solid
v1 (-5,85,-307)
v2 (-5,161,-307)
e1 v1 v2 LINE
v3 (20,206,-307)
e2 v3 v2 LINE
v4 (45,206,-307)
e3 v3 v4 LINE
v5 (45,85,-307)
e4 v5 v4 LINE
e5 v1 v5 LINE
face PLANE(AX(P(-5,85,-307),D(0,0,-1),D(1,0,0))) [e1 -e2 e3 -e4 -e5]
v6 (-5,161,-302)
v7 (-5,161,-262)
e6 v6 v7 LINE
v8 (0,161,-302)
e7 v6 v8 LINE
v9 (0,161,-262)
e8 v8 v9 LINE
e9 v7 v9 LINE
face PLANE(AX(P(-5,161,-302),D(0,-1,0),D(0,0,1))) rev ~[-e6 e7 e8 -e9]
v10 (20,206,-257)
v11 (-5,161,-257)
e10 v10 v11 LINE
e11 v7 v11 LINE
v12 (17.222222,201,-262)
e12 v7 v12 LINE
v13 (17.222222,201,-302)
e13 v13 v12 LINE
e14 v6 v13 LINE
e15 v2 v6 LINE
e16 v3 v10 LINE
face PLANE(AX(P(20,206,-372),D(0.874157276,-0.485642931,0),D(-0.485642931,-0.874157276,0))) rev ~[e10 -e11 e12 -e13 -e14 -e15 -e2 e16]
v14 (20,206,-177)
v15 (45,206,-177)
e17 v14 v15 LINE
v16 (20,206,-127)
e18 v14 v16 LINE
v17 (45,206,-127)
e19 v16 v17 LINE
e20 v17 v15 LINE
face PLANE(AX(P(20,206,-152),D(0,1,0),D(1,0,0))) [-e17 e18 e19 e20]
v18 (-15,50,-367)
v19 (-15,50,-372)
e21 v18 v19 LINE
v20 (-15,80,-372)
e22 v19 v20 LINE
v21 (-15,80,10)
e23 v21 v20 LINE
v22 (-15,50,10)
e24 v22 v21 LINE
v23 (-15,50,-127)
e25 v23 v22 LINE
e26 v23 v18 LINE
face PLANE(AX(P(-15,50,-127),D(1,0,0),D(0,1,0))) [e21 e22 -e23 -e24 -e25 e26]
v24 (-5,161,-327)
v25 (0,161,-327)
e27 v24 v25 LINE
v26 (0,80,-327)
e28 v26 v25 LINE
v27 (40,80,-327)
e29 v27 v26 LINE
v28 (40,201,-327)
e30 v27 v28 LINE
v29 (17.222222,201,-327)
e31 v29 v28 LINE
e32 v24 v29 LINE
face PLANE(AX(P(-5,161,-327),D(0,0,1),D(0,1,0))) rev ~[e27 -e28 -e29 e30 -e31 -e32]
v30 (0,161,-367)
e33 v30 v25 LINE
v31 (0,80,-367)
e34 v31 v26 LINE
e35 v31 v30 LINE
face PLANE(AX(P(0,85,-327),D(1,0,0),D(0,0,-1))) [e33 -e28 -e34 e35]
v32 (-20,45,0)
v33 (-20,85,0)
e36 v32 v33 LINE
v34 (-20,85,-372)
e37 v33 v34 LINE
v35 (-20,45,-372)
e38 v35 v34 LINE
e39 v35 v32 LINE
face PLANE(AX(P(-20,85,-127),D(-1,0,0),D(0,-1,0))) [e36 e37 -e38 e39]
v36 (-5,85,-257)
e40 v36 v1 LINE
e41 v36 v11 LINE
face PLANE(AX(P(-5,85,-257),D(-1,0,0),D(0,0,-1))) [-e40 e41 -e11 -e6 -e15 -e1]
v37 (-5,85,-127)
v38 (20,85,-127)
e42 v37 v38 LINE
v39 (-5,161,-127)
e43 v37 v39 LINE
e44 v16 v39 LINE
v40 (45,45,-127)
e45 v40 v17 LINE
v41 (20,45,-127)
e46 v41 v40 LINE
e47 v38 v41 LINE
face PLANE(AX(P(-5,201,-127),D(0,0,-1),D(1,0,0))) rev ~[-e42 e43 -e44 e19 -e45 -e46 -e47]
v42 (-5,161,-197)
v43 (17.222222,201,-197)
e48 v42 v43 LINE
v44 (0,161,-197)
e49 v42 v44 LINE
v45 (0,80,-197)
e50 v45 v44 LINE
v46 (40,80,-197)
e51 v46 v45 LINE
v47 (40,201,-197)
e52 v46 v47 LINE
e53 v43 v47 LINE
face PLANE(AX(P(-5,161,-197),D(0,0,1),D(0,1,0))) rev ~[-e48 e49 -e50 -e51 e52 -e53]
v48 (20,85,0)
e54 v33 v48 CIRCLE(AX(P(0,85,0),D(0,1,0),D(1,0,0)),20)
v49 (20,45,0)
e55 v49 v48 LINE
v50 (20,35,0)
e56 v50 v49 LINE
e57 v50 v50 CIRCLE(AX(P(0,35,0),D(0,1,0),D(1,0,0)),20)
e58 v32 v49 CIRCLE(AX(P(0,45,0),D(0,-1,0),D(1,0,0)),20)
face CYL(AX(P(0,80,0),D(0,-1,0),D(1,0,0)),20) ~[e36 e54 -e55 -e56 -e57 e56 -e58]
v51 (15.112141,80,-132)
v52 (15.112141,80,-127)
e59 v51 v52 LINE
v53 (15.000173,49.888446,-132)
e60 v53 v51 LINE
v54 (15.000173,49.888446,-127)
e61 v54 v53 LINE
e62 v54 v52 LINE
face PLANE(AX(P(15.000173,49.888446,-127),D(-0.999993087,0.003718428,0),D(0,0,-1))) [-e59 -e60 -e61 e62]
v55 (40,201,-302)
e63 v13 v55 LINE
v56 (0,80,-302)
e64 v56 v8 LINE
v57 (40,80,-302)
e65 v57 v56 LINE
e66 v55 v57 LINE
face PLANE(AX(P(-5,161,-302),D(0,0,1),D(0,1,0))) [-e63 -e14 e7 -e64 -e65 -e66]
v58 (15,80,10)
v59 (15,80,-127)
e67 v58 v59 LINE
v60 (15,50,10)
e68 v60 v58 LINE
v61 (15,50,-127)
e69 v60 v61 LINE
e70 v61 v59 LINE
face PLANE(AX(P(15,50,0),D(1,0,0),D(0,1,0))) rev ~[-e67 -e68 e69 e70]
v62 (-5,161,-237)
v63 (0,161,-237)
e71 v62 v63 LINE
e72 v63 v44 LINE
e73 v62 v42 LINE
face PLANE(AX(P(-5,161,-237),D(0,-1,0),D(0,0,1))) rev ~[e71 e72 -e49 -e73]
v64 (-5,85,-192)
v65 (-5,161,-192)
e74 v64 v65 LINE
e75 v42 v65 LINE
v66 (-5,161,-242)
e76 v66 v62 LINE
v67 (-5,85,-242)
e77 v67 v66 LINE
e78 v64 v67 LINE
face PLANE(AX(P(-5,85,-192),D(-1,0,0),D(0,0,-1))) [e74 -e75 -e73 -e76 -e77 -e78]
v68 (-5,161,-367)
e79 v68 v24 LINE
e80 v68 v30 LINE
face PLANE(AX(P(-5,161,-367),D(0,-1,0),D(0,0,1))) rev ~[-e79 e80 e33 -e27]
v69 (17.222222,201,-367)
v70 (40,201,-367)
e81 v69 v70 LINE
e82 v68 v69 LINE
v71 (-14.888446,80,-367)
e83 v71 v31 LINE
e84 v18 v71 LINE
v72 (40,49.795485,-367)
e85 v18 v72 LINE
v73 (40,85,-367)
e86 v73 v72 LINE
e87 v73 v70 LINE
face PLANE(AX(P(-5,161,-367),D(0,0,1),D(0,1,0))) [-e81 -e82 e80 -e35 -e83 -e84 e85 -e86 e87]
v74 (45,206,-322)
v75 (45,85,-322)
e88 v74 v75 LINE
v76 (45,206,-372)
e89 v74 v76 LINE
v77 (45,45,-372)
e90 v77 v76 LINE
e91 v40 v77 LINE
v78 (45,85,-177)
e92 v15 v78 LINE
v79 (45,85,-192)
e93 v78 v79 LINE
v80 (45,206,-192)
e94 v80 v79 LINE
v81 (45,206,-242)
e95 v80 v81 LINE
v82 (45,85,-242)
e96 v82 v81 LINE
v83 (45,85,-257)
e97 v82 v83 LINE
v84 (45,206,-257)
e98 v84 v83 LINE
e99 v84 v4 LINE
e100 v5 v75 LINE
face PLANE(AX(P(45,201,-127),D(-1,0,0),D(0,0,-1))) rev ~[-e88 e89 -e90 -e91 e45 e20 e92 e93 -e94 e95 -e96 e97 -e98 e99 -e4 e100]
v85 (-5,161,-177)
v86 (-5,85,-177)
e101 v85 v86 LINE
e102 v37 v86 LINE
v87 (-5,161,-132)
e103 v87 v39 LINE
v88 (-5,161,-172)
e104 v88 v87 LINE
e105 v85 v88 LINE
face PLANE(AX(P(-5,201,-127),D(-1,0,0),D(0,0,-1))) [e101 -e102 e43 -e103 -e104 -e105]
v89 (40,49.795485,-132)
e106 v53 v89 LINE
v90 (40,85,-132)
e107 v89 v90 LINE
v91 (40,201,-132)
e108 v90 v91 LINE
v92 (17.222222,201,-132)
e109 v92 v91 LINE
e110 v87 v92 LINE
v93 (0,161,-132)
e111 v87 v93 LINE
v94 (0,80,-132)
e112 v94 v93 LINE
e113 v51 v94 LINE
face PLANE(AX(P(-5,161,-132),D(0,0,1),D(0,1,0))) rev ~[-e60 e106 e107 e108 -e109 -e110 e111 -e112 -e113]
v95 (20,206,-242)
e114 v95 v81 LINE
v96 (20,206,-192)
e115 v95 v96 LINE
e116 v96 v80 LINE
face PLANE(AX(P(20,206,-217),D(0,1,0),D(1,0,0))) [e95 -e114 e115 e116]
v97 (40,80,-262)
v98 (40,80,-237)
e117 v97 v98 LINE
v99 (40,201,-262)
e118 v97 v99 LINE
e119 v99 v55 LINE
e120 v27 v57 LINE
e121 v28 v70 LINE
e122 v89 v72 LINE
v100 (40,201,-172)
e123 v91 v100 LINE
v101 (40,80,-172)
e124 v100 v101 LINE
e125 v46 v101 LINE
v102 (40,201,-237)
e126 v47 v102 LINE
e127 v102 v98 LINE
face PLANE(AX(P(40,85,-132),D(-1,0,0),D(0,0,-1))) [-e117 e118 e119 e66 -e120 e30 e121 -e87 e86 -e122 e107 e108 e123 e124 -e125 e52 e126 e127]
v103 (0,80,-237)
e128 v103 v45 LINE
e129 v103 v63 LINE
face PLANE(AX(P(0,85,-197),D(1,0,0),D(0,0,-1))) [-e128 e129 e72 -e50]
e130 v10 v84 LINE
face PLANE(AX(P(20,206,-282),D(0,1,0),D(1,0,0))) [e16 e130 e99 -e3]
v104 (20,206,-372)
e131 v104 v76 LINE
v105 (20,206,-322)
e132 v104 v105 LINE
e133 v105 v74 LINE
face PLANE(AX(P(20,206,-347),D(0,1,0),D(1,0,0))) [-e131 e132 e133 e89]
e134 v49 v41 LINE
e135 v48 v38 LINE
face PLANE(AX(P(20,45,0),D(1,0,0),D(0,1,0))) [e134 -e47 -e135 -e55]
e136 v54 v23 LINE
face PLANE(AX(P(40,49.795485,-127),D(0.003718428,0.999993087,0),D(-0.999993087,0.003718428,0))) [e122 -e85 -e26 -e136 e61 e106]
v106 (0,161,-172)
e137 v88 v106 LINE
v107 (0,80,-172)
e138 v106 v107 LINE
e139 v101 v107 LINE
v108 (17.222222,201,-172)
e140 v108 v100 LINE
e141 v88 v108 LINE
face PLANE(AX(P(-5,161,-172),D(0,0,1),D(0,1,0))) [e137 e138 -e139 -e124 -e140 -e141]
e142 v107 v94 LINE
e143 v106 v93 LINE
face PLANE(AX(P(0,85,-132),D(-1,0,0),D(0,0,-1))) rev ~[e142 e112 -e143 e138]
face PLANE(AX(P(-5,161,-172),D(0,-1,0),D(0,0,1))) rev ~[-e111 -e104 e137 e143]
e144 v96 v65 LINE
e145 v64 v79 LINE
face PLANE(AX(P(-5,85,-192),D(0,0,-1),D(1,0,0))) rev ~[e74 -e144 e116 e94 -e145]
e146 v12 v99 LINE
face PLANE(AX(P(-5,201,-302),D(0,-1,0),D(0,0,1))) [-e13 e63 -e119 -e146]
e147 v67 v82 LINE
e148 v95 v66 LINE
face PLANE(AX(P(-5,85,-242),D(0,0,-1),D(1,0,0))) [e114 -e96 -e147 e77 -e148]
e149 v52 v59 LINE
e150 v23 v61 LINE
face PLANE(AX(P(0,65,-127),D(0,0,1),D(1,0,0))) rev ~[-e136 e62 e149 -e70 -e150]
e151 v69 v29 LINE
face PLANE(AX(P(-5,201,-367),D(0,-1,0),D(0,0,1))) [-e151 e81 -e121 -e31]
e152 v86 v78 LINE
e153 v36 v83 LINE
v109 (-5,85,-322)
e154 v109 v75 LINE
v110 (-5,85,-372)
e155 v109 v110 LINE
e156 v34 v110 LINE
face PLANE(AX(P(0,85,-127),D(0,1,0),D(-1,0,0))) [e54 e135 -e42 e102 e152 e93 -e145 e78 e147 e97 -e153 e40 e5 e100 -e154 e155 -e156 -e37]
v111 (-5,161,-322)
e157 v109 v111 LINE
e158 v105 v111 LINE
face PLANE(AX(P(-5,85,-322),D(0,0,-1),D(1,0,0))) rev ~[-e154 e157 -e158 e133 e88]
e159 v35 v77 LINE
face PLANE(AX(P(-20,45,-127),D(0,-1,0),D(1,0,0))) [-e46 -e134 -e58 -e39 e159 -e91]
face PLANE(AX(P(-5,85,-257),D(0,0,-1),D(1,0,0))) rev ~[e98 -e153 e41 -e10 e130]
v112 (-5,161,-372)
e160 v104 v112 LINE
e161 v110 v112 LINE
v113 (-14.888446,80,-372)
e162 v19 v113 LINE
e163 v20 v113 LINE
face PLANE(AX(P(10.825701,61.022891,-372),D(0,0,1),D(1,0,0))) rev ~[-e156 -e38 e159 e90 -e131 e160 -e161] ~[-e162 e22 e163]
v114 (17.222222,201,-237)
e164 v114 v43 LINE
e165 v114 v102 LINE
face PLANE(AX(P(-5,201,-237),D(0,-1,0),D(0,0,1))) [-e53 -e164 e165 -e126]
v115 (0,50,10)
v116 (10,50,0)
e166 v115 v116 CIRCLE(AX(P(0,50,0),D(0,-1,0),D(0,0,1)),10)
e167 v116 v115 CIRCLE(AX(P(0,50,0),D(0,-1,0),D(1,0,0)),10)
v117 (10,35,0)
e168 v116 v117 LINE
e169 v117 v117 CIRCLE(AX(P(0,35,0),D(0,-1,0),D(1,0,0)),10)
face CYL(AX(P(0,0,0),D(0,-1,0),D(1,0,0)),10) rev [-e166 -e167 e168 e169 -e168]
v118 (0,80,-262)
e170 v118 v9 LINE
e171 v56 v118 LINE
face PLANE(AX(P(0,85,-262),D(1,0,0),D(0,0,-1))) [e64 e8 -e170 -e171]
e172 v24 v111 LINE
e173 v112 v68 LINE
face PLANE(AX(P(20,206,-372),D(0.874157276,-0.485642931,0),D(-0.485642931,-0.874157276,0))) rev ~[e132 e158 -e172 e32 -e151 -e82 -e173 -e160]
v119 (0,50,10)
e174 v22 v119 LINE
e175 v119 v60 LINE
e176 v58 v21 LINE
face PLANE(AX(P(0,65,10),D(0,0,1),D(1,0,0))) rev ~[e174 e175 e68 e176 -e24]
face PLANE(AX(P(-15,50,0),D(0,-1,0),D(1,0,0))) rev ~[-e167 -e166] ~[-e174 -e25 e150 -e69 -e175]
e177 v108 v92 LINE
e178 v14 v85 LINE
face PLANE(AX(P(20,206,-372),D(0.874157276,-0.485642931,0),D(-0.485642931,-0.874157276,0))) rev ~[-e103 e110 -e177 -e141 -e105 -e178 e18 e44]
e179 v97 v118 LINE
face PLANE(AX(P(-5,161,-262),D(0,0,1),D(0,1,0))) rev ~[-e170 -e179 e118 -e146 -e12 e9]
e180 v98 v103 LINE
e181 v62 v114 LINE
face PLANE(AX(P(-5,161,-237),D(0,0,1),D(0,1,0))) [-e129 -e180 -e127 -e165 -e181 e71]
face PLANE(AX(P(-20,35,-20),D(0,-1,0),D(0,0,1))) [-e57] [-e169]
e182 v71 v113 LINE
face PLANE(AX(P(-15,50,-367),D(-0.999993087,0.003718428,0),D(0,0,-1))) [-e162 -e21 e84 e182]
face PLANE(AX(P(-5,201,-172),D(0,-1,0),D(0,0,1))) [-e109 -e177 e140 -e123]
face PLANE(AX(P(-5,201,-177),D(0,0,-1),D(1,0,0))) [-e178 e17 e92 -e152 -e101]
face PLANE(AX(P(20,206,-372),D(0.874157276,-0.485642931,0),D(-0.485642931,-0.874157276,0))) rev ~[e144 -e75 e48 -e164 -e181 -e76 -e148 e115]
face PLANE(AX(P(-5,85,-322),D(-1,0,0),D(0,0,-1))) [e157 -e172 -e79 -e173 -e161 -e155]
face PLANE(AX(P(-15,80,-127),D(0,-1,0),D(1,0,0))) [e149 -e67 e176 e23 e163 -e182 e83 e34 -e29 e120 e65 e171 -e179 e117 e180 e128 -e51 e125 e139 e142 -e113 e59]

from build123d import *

# Parameters (mm, degrees)
SKETCH2_R               = 20
SKETCH2_R_2             = 10
BOSS_EXTRUDE1_DEPTH     = 80
SKETCH3_R               = 20
BOSS_EXTRUDE2_DEPTH     = 5
SKETCH4_W               = 30
SKETCH4_H               = 30
CUT_EXTRUDE1_DEPTH      = 50
SKETCH4_4_W             = 40
SKETCH4_4_H             = 40
SKETCH4_4_W_2           = 30
SKETCH4_4_H_2           = 30
BOSS_EXTRUDE3_DEPTH     = 127
SKETCH4_5_W             = 30
SKETCH4_5_H             = 30
CUT_EXTRUDE2_DEPTH      = 10
SKETCH5_R               = 10
CUT_EXTRUDE3_DEPTH      = 50
BOSS_EXTRUDE4_DEPTH     = 245
SKETCH7_W               = 25
SKETCH7_H               = 5
SKETCH7_W_2             = 55.000380238
BOSS_EXTRUDE5_DEPTH     = 35
SKETCH11_W              = 65
SKETCH11_H              = 5
BOSS_EXTRUDE9_DEPTH     = 245
SKETCH9_W               = 40
SKETCH9_H               = 40
CUT_EXTRUDE4_DEPTH      = 10
SKETCH9_4_W             = 50
SKETCH9_4_H             = 50
SKETCH9_4_W_2           = 40
SKETCH9_4_H_2           = 40
BOSS_EXTRUDE10_DEPTH    = 116
SKETCH13_W              = 50
SKETCH13_H              = 50
BOSS_EXTRUDE11_DEPTH    = 5
SKETCH14_W              = 40
SKETCH14_H              = 40
CUT_EXTRUDE5_DEPTH      = 5
CUT_EXTRUDE6_DEPTH      = 393
SKETCH16_W              = 40
SKETCH16_H              = 35
CUT_EXTRUDE7_DEPTH      = 1
CUT_EXTRUDE7_DEPTH_BACK = 66


with BuildPart() as part:
    # Sketch2 → Boss-Extrude1 (new body)
    with BuildSketch(Plane(origin=(0, 0, 0), x_dir=(1, 0, 0), z_dir=(0, 1, 0))):
        Circle(SKETCH2_R)
        Circle(SKETCH2_R_2, mode=Mode.SUBTRACT)
    extrude(amount=BOSS_EXTRUDE1_DEPTH)

    # Sketch3 → Boss-Extrude2 (add)
    with BuildSketch(Plane(origin=(0, 80, 0), x_dir=(1, 0, 0), z_dir=(0, 1, 0))):
        Circle(SKETCH3_R)
    extrude(amount=BOSS_EXTRUDE2_DEPTH)

    # Sketch4 → Cut-Extrude1 (cut)
    with BuildSketch(Plane.XY):
        with Locations((0, 65)):
            Rectangle(SKETCH4_W, SKETCH4_H)
    extrude(amount=-CUT_EXTRUDE1_DEPTH, mode=Mode.SUBTRACT)

    # Sketch4<4> → Boss-Extrude3 (add)
    with BuildSketch(Plane.XY):
        with Locations((0, 65)):
            Rectangle(SKETCH4_4_W, SKETCH4_4_H)
        with Locations((0, 65)):
            Rectangle(SKETCH4_4_W_2, SKETCH4_4_H_2, mode=Mode.SUBTRACT)
    extrude(amount=-BOSS_EXTRUDE3_DEPTH)

    # Sketch4<5> → Cut-Extrude2 (cut)
    with BuildSketch(Plane.XY):
        with Locations((0, 65)):
            Rectangle(SKETCH4_5_W, SKETCH4_5_H)
    extrude(amount=CUT_EXTRUDE2_DEPTH, mode=Mode.SUBTRACT)

    # Sketch5 → Cut-Extrude3 (cut)
    with BuildSketch(Plane.XZ):
        Circle(SKETCH5_R)
    extrude(amount=-CUT_EXTRUDE3_DEPTH, mode=Mode.SUBTRACT)

    # Sketch6 → Boss-Extrude4 (add)
    with BuildSketch(Plane(origin=(0, 0, -127), x_dir=(-1, 0, 0), z_dir=(0, 0, -1))):
        Polygon((0, 80), (0, 85), (20, 85), (20, 45), (-45, 45), (-45, 85), (-40, 85), (-40, 49.795485049), (15, 50), (15, 80), align=None)
    extrude(amount=BOSS_EXTRUDE4_DEPTH)

    # Sketch7 → Boss-Extrude5 (add)
    with BuildSketch(Plane(origin=(0.185712712, 49.943532631, 0), x_dir=(0.999993087, -0.003718428, 0), z_dir=(0.003718428, 0.999993087, 0))):
        with Locations((27.314562541, 129.5)):
            Rectangle(SKETCH7_W, SKETCH7_H)
        with Locations((12.314372422, 369.5)):
            Rectangle(SKETCH7_W_2, SKETCH7_H)
    extrude(amount=BOSS_EXTRUDE5_DEPTH)

    # Sketch11 → Boss-Extrude9 (add)
    with BuildSketch(Plane(origin=(0, 0, -372), x_dir=(-1, 0, 0), z_dir=(0, 0, -1))):
        with Locations((-12.5, 82.5)):
            Rectangle(SKETCH11_W, SKETCH11_H)
    extrude(amount=-BOSS_EXTRUDE9_DEPTH)

    # Sketch9 → Cut-Extrude4 (cut)
    with BuildSketch(Plane(origin=(0, 85, 0), x_dir=(1, 0, 0), z_dir=(0, 1, 0))):
        with Locations((20, 152)):
            Rectangle(SKETCH9_W, SKETCH9_H)
        with Locations((20, 217)):
            Rectangle(SKETCH9_W, SKETCH9_H)
        with Locations((20, 282)):
            Rectangle(SKETCH9_W, SKETCH9_H)
        with Locations((20, 347)):
            Rectangle(SKETCH9_W, SKETCH9_H)
    extrude(amount=-CUT_EXTRUDE4_DEPTH, mode=Mode.SUBTRACT)

    # Sketch9<4> → Boss-Extrude10 (add)
    with BuildSketch(Plane(origin=(0, 85, 0), x_dir=(1, 0, 0), z_dir=(0, 1, 0))):
        with Locations((20, 152)):
            Rectangle(SKETCH9_4_W, SKETCH9_4_H)
        with Locations((20, 152)):
            Rectangle(SKETCH9_4_W_2, SKETCH9_4_H_2, mode=Mode.SUBTRACT)
        with Locations((20, 217)):
            Rectangle(SKETCH9_4_W, SKETCH9_4_H)
        with Locations((20, 217)):
            Rectangle(SKETCH9_4_W_2, SKETCH9_4_H_2, mode=Mode.SUBTRACT)
        with Locations((20, 282)):
            Rectangle(SKETCH9_4_W, SKETCH9_4_H)
        with Locations((20, 282)):
            Rectangle(SKETCH9_4_W_2, SKETCH9_4_H_2, mode=Mode.SUBTRACT)
        with Locations((20, 347)):
            Rectangle(SKETCH9_4_W, SKETCH9_4_H)
        with Locations((20, 347)):
            Rectangle(SKETCH9_4_W_2, SKETCH9_4_H_2, mode=Mode.SUBTRACT)
    extrude(amount=BOSS_EXTRUDE10_DEPTH)

    # Sketch13 → Boss-Extrude11 (add)
    with BuildSketch(Plane(origin=(0, 201, 0), x_dir=(1, 0, 0), z_dir=(0, 1, 0))):
        with Locations((20, 152)):
            Rectangle(SKETCH13_W, SKETCH13_H)
        with Locations((20, 217)):
            Rectangle(SKETCH13_W, SKETCH13_H)
        with Locations((20, 282)):
            Rectangle(SKETCH13_W, SKETCH13_H)
        with Locations((20, 347)):
            Rectangle(SKETCH13_W, SKETCH13_H)
    extrude(amount=BOSS_EXTRUDE11_DEPTH)

    # Sketch14 → Cut-Extrude5 (cut)
    with BuildSketch(Plane.ZY.offset(5)):
        with Locations((-347, 181)):
            Rectangle(SKETCH14_W, SKETCH14_H)
        with Locations((-282, 181)):
            Rectangle(SKETCH14_W, SKETCH14_H)
        with Locations((-217, 181)):
            Rectangle(SKETCH14_W, SKETCH14_H)
        with Locations((-152, 181)):
            Rectangle(SKETCH14_W, SKETCH14_H)
    extrude(amount=-CUT_EXTRUDE5_DEPTH, mode=Mode.SUBTRACT)

    # Sketch15 → Cut-Extrude6 (cut, through all)
    with BuildSketch(Plane(origin=(0, 0, -372), x_dir=(-1, 0, 0), z_dir=(0, 0, -1))):
        Polygon((-20, 206), (5, 161), (5, 206), align=None)
    extrude(amount=-CUT_EXTRUDE6_DEPTH, mode=Mode.SUBTRACT)

    # Sketch16 → Cut-Extrude7 (cut, two sides)
    with BuildSketch(Plane.ZY.offset(20)) as cut_extrude7_sk:
        with Locations((0, 17.5)):
            Rectangle(SKETCH16_W, SKETCH16_H)
    extrude(amount=CUT_EXTRUDE7_DEPTH, mode=Mode.SUBTRACT)
    extrude(cut_extrude7_sk.sketch, amount=-CUT_EXTRUDE7_DEPTH_BACK, mode=Mode.SUBTRACT)


solid = part.part
